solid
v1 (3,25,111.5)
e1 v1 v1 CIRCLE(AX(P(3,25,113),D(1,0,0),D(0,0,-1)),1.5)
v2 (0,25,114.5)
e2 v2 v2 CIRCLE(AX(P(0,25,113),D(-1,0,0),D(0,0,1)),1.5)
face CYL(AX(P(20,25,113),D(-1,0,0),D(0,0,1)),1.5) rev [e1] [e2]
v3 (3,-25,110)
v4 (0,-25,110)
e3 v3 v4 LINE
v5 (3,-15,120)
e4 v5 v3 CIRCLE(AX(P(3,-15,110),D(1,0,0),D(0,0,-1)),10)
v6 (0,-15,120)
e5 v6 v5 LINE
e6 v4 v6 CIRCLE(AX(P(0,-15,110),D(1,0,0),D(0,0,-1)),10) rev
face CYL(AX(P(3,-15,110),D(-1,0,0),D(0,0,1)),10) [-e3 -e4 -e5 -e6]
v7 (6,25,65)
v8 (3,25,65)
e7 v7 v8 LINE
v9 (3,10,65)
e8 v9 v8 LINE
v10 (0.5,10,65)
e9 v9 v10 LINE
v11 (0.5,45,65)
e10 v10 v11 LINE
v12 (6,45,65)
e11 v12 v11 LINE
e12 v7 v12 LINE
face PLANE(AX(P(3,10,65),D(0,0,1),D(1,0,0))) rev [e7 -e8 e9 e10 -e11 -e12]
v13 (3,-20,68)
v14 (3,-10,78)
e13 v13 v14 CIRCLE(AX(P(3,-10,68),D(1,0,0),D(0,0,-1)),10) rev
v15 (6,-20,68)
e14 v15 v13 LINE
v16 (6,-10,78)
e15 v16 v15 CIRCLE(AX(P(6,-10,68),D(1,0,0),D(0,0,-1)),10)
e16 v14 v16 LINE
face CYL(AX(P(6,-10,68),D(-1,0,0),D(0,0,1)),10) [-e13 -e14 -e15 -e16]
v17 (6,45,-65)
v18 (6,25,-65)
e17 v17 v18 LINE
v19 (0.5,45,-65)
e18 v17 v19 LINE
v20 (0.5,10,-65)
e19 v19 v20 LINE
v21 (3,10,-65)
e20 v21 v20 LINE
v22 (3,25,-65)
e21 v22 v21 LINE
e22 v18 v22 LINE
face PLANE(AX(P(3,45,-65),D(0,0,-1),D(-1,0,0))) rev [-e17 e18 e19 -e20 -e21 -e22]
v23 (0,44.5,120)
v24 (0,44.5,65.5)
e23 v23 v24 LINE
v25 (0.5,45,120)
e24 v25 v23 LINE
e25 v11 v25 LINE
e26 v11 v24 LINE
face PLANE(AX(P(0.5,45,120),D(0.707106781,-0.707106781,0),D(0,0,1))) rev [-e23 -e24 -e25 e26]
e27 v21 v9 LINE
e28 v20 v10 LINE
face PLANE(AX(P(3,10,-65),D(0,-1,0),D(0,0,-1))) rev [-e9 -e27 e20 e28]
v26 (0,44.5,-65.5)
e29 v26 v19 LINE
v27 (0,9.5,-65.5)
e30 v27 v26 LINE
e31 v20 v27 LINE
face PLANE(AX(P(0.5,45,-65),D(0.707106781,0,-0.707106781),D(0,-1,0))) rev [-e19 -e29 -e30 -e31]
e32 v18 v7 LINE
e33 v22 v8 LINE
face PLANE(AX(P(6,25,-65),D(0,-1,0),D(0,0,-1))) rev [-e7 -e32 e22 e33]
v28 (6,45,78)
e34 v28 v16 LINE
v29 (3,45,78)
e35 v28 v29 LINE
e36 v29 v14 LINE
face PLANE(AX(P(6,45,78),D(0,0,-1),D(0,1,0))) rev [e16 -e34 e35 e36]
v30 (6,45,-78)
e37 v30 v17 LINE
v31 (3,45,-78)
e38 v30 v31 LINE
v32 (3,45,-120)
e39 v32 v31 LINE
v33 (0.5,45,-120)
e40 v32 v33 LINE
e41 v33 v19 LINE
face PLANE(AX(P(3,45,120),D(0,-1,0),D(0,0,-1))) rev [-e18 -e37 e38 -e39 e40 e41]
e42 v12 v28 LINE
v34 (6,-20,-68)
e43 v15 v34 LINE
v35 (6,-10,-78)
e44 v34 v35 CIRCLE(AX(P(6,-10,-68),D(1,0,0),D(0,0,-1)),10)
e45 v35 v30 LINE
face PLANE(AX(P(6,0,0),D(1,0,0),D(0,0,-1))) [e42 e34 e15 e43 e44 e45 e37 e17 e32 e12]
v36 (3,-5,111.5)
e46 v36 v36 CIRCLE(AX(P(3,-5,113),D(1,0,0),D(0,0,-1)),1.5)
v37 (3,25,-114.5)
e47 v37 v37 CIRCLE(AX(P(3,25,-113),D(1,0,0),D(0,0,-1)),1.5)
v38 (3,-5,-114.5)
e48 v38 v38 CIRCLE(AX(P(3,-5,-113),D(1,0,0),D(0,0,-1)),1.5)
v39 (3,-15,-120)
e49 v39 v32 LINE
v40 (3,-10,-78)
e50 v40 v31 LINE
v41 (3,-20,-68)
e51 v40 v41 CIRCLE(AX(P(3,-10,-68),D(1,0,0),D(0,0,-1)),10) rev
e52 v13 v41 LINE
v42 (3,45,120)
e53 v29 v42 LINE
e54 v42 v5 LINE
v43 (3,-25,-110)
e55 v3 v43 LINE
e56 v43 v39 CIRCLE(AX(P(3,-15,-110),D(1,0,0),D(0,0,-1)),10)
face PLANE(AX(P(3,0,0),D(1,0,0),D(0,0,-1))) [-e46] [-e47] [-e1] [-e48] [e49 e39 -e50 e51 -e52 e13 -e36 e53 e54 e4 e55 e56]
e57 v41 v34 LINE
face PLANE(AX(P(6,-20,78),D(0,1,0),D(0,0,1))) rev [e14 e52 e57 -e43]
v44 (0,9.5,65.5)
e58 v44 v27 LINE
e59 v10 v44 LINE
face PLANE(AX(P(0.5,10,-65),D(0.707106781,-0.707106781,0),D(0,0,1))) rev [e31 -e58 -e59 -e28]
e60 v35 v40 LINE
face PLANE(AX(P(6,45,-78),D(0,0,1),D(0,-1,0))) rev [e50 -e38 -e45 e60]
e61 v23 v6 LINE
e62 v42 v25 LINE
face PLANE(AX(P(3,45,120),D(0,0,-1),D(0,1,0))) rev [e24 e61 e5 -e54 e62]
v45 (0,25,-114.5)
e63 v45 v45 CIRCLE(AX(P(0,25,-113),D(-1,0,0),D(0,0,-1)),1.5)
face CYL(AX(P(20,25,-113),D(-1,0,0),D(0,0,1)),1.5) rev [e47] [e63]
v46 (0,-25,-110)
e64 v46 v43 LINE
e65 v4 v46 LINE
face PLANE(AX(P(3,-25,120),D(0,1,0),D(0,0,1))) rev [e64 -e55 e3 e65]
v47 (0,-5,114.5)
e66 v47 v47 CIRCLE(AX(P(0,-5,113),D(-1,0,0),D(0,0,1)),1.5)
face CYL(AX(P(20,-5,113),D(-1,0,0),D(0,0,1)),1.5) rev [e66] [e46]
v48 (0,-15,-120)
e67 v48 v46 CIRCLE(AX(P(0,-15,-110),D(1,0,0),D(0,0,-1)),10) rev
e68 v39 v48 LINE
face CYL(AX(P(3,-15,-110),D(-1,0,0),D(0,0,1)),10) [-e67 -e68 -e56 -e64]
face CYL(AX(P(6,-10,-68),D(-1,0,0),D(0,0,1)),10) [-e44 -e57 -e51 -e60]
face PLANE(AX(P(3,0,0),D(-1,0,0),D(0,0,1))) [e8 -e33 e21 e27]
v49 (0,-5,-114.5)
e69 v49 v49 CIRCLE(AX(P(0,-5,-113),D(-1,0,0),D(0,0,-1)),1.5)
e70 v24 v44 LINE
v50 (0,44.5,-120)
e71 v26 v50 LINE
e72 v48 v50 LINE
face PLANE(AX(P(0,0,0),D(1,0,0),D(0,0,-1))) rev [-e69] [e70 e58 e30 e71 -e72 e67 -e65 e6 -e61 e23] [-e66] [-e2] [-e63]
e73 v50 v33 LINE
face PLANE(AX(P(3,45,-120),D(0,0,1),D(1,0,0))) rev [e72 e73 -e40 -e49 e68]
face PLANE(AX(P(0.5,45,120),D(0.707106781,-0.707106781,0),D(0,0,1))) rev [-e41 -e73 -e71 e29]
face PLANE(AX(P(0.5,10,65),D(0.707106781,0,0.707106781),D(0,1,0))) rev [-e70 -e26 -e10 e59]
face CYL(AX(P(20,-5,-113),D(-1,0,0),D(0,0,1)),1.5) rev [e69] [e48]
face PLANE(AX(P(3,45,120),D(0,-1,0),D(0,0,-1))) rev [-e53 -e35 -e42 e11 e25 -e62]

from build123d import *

# Parameters (mm, degrees)
SKETCH_1_W          = 240
SKETCH_1_H          = 70
EXTRUDE_1_DEPTH     = 3
SKETCH_4_W          = 156
SKETCH_4_H          = 65
EXTRUDE_3_DEPTH     = 3
SKETCH_5_R          = 1.5
CUT_EXTRUDE_1_DEPTH = 20
FILLET_1_R          = 10
FILLET_2_R          = 10
SKETCH_7_W          = 130
SKETCH_7_H          = 35
CUT_EXTRUDE_2_DEPTH = 3
SKETCH_8_W          = 130
SKETCH_8_H          = 20
CUT_EXTRUDE_3_DEPTH = 3
CHAMFER_1_SIZE      = 0.5
CHAMFER_2_SIZE      = 0.5


with BuildPart() as part:
    # 草图1 → 凸台-拉伸1 (new body)
    with BuildSketch(Plane(origin=(0, 0, 0), x_dir=(0, 0, -1), z_dir=(1, 0, 0))):
        with Locations((0, 10)):
            Rectangle(SKETCH_1_W, SKETCH_1_H)
    extrude(amount=EXTRUDE_1_DEPTH)

    # 草图4 → 凸台-拉伸3 (add)
    with BuildSketch(Plane(origin=(3, 0, 0), x_dir=(0, 0, -1), z_dir=(1, 0, 0))):
        with Locations((0, 12.5)):
            Rectangle(SKETCH_4_W, SKETCH_4_H)
    extrude(amount=EXTRUDE_3_DEPTH)

    # 草图5 → 切除-拉伸1 (cut)
    with BuildSketch(Plane.ZY):
        with Locations((113, 25)):
            Circle(SKETCH_5_R)
        with Locations((113, -5)):
            Circle(SKETCH_5_R)
        with Locations(Location((-113, -5, 0), (0, 0, 180))):
            Circle(SKETCH_5_R)
        with Locations(Location((-113, 25, 0), (0, 0, 180))):
            Circle(SKETCH_5_R)
    extrude(amount=-CUT_EXTRUDE_1_DEPTH, mode=Mode.SUBTRACT)

    # 圆角1
    fillet_1_edges = [part.edges().sort_by_distance(p)[0] for p in [
        (1.5, -25, -120),
        (1.5, -25, 120),
    ]]
    fillet(fillet_1_edges, radius=FILLET_1_R)

    # 圆角2
    fillet_2_edges = [part.edges().sort_by_distance(p)[0] for p in [
        (4.5, -20, 78),
        (4.5, -20, -78),
    ]]
    fillet(fillet_2_edges, radius=FILLET_2_R)

    # 草图7 → 切除-拉伸2 (cut)
    with BuildSketch(Plane.ZY):
        with Locations((0, 27.5)):
            Rectangle(SKETCH_7_W, SKETCH_7_H)
    extrude(amount=-CUT_EXTRUDE_2_DEPTH, mode=Mode.SUBTRACT)

    # 草图8 → 切除-拉伸3 (cut)
    with BuildSketch(Plane.ZY.offset(-3)):
        with Locations((0, 35)):
            Rectangle(SKETCH_8_W, SKETCH_8_H)
    extrude(amount=-CUT_EXTRUDE_3_DEPTH, mode=Mode.SUBTRACT)

    # 倒角1
    chamfer_1_edges = [part.edges().sort_by_distance(p)[0] for p in [
        (0, 45, -92.5),
        (0, 45, 92.5),
    ]]
    chamfer(chamfer_1_edges, length=CHAMFER_1_SIZE)

    # 倒角2
    chamfer_2_edges = [part.edges().sort_by_distance(p)[0] for p in [
        (0, 27.25, 65),
        (0, 10, 0),
        (0, 27.25, -65),
    ]]
    chamfer(chamfer_2_edges, length=CHAMFER_2_SIZE)


solid = part.part
